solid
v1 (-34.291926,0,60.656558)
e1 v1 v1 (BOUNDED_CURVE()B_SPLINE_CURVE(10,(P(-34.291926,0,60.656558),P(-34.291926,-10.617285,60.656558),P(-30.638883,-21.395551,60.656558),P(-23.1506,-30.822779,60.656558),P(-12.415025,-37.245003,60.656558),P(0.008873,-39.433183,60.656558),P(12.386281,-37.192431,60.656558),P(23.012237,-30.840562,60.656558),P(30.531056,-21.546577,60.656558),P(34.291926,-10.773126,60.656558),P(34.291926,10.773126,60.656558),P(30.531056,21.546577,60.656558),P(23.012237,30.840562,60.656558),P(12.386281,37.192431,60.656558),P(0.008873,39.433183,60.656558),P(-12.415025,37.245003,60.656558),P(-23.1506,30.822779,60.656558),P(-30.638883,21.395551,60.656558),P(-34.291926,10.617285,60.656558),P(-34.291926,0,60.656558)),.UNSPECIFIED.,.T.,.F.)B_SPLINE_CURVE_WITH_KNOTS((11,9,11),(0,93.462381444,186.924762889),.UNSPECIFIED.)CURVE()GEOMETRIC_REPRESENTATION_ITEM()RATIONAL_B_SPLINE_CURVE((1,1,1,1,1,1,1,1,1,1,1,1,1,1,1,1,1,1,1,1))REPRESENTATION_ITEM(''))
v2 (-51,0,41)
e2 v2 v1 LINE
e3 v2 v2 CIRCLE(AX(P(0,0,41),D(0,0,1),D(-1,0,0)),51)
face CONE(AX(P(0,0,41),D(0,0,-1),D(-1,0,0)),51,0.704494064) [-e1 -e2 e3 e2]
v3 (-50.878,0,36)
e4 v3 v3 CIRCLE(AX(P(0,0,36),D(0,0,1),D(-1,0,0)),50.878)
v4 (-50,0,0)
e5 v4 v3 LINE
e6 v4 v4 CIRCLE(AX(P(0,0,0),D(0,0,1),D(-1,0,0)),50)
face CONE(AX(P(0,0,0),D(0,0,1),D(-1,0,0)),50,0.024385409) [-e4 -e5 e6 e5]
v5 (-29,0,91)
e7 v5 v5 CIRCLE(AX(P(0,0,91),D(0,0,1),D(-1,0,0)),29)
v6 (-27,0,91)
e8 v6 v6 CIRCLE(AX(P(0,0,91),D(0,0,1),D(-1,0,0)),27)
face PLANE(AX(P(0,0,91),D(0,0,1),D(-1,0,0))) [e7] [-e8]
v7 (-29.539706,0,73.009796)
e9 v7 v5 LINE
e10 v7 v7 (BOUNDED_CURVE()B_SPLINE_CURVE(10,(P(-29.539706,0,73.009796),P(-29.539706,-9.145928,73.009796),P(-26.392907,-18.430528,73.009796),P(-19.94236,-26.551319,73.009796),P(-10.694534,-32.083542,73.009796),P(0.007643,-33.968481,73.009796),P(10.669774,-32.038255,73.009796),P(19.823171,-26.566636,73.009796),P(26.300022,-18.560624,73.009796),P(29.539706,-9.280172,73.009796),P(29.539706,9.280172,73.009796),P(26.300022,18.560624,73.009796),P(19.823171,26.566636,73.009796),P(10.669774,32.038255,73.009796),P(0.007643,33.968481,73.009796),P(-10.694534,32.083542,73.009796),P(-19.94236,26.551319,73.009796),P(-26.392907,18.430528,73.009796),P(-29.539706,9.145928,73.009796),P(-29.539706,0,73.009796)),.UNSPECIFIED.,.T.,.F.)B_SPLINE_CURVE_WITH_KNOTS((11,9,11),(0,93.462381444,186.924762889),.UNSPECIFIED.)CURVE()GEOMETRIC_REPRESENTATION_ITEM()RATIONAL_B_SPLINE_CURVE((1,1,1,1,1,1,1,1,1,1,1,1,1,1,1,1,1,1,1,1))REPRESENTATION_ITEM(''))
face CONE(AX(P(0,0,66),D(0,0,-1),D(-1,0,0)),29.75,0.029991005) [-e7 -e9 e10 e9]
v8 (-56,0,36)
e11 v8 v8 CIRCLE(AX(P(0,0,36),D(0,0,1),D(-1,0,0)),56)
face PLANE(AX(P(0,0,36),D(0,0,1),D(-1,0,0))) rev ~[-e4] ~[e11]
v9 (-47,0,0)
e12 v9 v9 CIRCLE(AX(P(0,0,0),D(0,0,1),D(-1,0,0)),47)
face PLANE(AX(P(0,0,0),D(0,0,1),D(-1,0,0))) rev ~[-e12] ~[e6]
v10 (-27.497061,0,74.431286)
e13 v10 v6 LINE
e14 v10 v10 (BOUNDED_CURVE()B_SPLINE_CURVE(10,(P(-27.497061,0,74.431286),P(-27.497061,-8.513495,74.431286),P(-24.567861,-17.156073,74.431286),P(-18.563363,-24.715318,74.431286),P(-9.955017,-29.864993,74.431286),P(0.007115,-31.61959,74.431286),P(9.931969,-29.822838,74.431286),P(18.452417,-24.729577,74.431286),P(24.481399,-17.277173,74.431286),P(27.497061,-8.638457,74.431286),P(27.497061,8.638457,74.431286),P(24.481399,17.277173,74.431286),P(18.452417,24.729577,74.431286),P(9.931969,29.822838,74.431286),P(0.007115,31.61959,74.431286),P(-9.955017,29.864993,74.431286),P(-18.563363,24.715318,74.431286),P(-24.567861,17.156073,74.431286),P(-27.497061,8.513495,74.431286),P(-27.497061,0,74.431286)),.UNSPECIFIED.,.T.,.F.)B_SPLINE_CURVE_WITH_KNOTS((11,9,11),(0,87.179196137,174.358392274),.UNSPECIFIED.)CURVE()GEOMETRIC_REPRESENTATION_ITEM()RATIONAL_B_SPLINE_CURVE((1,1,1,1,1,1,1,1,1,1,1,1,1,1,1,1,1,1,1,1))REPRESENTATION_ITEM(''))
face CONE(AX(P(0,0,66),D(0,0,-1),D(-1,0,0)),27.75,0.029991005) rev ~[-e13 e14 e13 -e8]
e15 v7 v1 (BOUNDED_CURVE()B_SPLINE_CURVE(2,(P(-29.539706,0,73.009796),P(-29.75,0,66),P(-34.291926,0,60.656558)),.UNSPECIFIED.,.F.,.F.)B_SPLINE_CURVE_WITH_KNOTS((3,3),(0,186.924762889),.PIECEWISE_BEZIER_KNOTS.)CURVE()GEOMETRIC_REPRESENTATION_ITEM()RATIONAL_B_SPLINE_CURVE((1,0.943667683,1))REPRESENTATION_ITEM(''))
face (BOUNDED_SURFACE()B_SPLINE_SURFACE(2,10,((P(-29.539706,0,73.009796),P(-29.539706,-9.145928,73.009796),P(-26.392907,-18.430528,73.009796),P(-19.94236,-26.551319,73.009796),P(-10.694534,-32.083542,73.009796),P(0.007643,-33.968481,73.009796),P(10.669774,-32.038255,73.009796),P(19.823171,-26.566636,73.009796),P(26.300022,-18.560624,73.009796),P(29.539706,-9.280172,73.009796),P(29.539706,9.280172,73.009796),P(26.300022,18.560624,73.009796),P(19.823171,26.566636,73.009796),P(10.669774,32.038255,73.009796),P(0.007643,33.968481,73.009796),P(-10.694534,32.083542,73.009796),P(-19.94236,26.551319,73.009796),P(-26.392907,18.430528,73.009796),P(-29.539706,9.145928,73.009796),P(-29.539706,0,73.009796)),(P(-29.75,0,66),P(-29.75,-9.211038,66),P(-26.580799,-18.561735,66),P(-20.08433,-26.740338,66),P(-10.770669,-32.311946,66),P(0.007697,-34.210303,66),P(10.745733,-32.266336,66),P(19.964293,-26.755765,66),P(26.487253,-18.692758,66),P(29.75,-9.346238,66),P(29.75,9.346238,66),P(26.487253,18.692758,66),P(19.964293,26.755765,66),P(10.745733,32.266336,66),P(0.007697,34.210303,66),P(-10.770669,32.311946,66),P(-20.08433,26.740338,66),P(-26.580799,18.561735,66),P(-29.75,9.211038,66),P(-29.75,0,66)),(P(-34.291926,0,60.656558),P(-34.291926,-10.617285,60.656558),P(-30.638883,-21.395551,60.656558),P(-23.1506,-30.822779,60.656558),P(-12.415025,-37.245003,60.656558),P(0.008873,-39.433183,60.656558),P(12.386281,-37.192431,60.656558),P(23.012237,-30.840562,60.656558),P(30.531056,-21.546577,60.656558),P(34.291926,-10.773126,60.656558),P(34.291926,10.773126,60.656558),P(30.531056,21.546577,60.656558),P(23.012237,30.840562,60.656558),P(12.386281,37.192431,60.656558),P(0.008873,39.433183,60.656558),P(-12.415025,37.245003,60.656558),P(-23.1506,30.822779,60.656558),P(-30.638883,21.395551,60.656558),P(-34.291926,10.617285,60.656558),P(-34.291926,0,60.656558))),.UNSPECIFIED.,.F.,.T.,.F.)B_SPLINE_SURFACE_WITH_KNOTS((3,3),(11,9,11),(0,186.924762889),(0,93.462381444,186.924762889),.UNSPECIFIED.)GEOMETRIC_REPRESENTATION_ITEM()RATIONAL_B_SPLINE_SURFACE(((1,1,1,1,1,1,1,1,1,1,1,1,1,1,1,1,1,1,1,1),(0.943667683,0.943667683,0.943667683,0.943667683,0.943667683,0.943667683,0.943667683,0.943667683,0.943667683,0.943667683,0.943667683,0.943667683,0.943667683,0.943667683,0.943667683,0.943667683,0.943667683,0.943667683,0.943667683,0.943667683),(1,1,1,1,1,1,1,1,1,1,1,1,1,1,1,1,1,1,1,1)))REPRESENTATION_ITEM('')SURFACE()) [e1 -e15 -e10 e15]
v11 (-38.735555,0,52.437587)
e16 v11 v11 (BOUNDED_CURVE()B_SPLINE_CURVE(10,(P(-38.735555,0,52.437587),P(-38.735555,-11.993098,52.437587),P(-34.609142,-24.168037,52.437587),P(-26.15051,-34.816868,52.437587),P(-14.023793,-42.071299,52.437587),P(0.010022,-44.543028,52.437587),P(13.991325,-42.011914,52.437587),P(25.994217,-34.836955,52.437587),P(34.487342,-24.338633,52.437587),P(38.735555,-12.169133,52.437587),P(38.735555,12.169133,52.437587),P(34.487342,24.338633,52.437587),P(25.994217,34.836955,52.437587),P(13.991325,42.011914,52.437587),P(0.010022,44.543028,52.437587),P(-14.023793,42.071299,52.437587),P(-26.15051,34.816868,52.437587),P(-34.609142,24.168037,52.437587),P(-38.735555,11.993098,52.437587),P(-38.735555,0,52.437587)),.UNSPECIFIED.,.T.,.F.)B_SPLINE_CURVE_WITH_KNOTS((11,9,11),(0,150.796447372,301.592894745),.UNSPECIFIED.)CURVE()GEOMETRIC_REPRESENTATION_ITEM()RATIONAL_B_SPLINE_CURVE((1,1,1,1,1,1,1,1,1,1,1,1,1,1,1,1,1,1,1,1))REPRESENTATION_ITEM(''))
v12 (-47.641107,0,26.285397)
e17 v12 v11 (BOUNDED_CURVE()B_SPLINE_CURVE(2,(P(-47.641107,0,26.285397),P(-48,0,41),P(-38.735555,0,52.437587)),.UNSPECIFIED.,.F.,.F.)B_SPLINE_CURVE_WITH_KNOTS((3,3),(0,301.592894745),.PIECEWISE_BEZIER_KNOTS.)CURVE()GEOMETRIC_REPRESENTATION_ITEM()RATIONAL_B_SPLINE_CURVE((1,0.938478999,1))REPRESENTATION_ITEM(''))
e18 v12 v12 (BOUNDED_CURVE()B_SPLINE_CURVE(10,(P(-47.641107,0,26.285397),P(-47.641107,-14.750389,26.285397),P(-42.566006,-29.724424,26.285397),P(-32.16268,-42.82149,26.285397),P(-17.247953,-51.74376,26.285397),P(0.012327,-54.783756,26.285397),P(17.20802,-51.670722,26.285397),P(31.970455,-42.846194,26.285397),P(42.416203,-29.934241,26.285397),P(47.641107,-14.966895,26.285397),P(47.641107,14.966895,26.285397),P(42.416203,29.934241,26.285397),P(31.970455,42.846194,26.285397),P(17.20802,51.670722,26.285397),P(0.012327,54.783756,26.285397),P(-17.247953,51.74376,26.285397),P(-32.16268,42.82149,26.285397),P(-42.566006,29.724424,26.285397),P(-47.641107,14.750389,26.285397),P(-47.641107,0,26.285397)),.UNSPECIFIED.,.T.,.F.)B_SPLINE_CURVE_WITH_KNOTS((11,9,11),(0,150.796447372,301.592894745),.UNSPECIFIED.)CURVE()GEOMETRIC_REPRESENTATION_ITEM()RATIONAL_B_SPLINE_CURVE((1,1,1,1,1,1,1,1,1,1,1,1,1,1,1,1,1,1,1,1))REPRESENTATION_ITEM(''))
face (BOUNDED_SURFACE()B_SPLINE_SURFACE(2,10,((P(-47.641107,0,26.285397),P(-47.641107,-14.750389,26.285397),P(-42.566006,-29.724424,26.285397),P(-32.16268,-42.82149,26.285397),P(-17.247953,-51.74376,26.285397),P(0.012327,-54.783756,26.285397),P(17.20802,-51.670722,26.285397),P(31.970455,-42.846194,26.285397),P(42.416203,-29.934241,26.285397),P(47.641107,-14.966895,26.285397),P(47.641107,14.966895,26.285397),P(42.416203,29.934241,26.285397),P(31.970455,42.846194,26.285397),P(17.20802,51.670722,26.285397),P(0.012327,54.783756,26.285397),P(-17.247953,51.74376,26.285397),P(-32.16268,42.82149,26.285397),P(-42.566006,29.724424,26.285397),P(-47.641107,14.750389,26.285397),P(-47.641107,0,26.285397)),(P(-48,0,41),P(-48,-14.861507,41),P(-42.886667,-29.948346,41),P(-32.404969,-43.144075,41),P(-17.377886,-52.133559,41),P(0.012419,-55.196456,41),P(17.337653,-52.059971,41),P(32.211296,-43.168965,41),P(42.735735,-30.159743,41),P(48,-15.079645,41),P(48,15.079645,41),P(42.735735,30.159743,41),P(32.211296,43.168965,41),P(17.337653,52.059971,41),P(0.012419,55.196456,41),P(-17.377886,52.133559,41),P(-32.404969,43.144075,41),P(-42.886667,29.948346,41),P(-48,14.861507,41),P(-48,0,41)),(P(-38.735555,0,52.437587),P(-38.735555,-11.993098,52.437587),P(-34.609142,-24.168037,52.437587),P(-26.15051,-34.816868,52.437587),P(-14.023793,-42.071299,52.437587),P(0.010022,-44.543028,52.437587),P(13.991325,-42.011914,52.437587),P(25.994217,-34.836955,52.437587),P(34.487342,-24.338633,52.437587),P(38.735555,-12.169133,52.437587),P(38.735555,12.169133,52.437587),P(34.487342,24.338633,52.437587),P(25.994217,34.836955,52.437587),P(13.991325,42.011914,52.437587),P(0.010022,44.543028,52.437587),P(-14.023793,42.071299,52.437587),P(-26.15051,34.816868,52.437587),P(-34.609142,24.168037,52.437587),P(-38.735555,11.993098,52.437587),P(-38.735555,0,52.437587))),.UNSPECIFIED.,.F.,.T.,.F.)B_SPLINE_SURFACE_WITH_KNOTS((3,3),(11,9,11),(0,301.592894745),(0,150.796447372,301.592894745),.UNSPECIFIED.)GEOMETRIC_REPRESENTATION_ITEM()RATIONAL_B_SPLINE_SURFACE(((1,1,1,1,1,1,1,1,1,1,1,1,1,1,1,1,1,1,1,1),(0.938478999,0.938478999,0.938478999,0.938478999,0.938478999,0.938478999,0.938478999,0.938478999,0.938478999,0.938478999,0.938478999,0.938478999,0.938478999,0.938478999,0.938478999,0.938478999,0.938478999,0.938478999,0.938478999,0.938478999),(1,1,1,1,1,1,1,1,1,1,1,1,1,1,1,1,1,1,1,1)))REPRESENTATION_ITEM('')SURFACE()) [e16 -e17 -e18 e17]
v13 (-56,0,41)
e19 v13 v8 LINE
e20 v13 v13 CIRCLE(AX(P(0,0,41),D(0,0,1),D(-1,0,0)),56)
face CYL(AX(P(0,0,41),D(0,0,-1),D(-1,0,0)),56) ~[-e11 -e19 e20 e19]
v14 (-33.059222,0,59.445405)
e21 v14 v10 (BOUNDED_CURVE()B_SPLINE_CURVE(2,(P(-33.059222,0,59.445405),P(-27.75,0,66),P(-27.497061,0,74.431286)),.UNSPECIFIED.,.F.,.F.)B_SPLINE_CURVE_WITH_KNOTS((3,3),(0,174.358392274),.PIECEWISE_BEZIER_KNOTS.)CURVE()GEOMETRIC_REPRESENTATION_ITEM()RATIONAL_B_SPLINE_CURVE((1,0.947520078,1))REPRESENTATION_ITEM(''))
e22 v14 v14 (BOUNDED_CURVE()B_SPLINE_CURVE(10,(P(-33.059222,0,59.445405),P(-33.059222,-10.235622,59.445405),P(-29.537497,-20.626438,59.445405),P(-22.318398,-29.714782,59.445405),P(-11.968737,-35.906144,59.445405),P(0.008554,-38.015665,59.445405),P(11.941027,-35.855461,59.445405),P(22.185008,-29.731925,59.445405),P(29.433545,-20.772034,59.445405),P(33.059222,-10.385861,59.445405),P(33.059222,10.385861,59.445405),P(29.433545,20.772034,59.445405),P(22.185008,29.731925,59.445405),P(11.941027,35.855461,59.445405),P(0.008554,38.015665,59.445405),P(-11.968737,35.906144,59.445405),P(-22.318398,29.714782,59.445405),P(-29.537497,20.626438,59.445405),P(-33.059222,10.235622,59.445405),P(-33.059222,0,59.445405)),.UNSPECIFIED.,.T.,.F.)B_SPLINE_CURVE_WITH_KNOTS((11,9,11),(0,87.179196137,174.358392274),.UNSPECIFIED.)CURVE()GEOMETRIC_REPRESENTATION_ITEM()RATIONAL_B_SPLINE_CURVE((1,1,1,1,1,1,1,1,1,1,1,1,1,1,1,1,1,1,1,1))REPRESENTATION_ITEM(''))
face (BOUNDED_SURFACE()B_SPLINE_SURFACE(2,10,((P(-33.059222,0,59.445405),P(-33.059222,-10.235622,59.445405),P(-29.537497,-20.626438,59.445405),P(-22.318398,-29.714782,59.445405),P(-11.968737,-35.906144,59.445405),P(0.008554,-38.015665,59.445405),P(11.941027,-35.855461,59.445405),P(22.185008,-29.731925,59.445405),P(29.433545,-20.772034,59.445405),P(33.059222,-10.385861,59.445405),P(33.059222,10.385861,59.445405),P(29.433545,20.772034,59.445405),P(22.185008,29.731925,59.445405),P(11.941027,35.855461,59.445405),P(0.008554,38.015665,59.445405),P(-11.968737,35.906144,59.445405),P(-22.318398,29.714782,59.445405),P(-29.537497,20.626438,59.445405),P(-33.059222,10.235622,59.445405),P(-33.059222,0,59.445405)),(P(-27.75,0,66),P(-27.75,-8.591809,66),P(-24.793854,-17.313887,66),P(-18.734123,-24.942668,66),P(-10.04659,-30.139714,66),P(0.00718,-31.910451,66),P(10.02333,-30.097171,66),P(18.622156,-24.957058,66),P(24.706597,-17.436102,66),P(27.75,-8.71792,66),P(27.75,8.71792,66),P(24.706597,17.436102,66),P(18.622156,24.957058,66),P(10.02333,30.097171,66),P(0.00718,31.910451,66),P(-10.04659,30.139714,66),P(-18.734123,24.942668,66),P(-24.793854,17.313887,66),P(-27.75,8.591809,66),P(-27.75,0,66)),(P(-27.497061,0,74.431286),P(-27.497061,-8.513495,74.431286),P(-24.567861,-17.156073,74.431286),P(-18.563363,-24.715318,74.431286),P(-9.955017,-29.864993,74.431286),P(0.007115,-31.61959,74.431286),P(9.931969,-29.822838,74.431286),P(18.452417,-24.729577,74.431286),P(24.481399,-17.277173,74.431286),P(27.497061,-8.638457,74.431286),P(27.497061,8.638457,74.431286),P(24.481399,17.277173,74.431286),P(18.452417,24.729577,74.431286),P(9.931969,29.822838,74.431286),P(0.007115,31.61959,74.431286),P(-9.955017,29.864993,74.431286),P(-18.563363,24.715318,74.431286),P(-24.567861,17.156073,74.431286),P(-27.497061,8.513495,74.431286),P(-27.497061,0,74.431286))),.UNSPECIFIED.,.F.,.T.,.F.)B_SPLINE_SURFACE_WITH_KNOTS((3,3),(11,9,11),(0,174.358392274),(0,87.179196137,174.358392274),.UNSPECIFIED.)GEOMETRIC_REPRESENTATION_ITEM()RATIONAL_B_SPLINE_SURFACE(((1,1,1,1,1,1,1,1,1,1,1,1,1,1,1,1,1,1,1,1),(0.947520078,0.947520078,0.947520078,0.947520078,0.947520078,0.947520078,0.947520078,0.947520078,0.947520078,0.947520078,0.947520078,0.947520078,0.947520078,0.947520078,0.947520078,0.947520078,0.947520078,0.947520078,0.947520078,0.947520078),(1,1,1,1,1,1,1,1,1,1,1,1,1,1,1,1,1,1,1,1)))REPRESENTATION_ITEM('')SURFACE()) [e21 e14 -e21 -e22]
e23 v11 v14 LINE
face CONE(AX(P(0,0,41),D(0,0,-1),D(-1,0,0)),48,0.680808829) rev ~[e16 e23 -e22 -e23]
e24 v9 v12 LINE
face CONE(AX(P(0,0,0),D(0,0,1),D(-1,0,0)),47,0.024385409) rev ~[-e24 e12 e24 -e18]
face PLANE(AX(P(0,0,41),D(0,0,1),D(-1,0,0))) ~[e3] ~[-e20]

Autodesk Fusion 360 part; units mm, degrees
sketch "Sketch1" plane through (0, 0, 0) normal (0, 0, 1) x (1, 0, 0)
  circle A0 centre (0, 0) radius 50
  circle A1 centre (0, 0) radius 47
  dimension "d1" = 100
  dimension "d9" = -3
ref_plane "WorkPlane1" through (0, 0, 41) normal (0, 0, 1) x (1, 0, 0)
sketch "Sketch2" plane through (0, 0, 41) normal (0, 0, 1) x (1, 0, 0)
  circle A0 centre (0, 0) radius 51
  circle A1 centre (0, 0) radius 48
  dimension "d4" = 102
  dimension "d10" = -3
ref_plane "WorkPlane2" through (0, 0, 66) normal (0, 0, 1) x (1, 0, 0)
sketch "Sketch5" plane through (0, 0, 66) normal (0, 0, 1) x (1, 0, 0)
  circle A0 centre (0, 0) radius 29.75
  circle A1 centre (0, 0) radius 27.75
  dimension "d22" = 59.5
  dimension "d23" = -2
ref_plane "WorkPlane3" through (0, 0, 91) normal (0, 0, 1) x (1, 0, 0)
sketch "Sketch6" plane through (0, 0, 91) normal (0, 0, 1) x (1, 0, 0)
  circle A0 centre (0, 0) radius 29
  circle A1 centre (0, 0) radius 27
  dimension "d25" = 58
  dimension "d26" = -2
sketch "Sketch7" plane through (0, 0, 0) normal (0, 1, 0) x (1, 0, 0)
  line L0 (-47, 0) -> (47, 0)
  line L1 (-50, 0) -> (50, 0)
  line L2 (-51, -41) -> (51, -41)
  line L3 (-48, -41) -> (48, -41)
  line L4 (-27.75, -66) -> (27.75, -66)
  line L5 (-29.75, -66) -> (29.75, -66)
  line L6 (-27, -91) -> (27, -91)
  line L7 (-29, -91) -> (29, -91)
  line L8 (-50, 0) -> (-51, -41)
  line L9 (-47, 0) -> (-48, -41)
  line L10 (-48, -41) -> (-27.75, -66)
  line L11 (-51, -41) -> (-29.75, -66)
  line L12 (-29.75, -66) -> (-29, -91)
  line L13 (-27.75, -66) -> (-27, -91)
  line L14 (-51, -41) -> (-56, -41)
  line L15 (-56, -41) -> (-56, -36)
  line L16 (-56, -36) -> (-51, -36)
  line L17 (-51, -36) -> (-51, -41) construction
  line L18 (-51, -36) -> (-50.878, -36)
  line L19 (0, 0) -> (0, -91) construction
  dimension "d27" = 5
  dimension "d28" = 5
revolve "Revolve2" add sketch "Sketch7" angle 360 about axis through (0, 0, 0) along (0, 0, 1)
fillet "Fillet4" radius 40 1 edges at (-44.7517, 17.3575, 41)
fillet "Fillet5" radius 25 1 edges at (-25.8721, 10.0348, 66)
fillet "Fillet6" radius 20 1 edges at (-27.7367, 10.7581, 66)
